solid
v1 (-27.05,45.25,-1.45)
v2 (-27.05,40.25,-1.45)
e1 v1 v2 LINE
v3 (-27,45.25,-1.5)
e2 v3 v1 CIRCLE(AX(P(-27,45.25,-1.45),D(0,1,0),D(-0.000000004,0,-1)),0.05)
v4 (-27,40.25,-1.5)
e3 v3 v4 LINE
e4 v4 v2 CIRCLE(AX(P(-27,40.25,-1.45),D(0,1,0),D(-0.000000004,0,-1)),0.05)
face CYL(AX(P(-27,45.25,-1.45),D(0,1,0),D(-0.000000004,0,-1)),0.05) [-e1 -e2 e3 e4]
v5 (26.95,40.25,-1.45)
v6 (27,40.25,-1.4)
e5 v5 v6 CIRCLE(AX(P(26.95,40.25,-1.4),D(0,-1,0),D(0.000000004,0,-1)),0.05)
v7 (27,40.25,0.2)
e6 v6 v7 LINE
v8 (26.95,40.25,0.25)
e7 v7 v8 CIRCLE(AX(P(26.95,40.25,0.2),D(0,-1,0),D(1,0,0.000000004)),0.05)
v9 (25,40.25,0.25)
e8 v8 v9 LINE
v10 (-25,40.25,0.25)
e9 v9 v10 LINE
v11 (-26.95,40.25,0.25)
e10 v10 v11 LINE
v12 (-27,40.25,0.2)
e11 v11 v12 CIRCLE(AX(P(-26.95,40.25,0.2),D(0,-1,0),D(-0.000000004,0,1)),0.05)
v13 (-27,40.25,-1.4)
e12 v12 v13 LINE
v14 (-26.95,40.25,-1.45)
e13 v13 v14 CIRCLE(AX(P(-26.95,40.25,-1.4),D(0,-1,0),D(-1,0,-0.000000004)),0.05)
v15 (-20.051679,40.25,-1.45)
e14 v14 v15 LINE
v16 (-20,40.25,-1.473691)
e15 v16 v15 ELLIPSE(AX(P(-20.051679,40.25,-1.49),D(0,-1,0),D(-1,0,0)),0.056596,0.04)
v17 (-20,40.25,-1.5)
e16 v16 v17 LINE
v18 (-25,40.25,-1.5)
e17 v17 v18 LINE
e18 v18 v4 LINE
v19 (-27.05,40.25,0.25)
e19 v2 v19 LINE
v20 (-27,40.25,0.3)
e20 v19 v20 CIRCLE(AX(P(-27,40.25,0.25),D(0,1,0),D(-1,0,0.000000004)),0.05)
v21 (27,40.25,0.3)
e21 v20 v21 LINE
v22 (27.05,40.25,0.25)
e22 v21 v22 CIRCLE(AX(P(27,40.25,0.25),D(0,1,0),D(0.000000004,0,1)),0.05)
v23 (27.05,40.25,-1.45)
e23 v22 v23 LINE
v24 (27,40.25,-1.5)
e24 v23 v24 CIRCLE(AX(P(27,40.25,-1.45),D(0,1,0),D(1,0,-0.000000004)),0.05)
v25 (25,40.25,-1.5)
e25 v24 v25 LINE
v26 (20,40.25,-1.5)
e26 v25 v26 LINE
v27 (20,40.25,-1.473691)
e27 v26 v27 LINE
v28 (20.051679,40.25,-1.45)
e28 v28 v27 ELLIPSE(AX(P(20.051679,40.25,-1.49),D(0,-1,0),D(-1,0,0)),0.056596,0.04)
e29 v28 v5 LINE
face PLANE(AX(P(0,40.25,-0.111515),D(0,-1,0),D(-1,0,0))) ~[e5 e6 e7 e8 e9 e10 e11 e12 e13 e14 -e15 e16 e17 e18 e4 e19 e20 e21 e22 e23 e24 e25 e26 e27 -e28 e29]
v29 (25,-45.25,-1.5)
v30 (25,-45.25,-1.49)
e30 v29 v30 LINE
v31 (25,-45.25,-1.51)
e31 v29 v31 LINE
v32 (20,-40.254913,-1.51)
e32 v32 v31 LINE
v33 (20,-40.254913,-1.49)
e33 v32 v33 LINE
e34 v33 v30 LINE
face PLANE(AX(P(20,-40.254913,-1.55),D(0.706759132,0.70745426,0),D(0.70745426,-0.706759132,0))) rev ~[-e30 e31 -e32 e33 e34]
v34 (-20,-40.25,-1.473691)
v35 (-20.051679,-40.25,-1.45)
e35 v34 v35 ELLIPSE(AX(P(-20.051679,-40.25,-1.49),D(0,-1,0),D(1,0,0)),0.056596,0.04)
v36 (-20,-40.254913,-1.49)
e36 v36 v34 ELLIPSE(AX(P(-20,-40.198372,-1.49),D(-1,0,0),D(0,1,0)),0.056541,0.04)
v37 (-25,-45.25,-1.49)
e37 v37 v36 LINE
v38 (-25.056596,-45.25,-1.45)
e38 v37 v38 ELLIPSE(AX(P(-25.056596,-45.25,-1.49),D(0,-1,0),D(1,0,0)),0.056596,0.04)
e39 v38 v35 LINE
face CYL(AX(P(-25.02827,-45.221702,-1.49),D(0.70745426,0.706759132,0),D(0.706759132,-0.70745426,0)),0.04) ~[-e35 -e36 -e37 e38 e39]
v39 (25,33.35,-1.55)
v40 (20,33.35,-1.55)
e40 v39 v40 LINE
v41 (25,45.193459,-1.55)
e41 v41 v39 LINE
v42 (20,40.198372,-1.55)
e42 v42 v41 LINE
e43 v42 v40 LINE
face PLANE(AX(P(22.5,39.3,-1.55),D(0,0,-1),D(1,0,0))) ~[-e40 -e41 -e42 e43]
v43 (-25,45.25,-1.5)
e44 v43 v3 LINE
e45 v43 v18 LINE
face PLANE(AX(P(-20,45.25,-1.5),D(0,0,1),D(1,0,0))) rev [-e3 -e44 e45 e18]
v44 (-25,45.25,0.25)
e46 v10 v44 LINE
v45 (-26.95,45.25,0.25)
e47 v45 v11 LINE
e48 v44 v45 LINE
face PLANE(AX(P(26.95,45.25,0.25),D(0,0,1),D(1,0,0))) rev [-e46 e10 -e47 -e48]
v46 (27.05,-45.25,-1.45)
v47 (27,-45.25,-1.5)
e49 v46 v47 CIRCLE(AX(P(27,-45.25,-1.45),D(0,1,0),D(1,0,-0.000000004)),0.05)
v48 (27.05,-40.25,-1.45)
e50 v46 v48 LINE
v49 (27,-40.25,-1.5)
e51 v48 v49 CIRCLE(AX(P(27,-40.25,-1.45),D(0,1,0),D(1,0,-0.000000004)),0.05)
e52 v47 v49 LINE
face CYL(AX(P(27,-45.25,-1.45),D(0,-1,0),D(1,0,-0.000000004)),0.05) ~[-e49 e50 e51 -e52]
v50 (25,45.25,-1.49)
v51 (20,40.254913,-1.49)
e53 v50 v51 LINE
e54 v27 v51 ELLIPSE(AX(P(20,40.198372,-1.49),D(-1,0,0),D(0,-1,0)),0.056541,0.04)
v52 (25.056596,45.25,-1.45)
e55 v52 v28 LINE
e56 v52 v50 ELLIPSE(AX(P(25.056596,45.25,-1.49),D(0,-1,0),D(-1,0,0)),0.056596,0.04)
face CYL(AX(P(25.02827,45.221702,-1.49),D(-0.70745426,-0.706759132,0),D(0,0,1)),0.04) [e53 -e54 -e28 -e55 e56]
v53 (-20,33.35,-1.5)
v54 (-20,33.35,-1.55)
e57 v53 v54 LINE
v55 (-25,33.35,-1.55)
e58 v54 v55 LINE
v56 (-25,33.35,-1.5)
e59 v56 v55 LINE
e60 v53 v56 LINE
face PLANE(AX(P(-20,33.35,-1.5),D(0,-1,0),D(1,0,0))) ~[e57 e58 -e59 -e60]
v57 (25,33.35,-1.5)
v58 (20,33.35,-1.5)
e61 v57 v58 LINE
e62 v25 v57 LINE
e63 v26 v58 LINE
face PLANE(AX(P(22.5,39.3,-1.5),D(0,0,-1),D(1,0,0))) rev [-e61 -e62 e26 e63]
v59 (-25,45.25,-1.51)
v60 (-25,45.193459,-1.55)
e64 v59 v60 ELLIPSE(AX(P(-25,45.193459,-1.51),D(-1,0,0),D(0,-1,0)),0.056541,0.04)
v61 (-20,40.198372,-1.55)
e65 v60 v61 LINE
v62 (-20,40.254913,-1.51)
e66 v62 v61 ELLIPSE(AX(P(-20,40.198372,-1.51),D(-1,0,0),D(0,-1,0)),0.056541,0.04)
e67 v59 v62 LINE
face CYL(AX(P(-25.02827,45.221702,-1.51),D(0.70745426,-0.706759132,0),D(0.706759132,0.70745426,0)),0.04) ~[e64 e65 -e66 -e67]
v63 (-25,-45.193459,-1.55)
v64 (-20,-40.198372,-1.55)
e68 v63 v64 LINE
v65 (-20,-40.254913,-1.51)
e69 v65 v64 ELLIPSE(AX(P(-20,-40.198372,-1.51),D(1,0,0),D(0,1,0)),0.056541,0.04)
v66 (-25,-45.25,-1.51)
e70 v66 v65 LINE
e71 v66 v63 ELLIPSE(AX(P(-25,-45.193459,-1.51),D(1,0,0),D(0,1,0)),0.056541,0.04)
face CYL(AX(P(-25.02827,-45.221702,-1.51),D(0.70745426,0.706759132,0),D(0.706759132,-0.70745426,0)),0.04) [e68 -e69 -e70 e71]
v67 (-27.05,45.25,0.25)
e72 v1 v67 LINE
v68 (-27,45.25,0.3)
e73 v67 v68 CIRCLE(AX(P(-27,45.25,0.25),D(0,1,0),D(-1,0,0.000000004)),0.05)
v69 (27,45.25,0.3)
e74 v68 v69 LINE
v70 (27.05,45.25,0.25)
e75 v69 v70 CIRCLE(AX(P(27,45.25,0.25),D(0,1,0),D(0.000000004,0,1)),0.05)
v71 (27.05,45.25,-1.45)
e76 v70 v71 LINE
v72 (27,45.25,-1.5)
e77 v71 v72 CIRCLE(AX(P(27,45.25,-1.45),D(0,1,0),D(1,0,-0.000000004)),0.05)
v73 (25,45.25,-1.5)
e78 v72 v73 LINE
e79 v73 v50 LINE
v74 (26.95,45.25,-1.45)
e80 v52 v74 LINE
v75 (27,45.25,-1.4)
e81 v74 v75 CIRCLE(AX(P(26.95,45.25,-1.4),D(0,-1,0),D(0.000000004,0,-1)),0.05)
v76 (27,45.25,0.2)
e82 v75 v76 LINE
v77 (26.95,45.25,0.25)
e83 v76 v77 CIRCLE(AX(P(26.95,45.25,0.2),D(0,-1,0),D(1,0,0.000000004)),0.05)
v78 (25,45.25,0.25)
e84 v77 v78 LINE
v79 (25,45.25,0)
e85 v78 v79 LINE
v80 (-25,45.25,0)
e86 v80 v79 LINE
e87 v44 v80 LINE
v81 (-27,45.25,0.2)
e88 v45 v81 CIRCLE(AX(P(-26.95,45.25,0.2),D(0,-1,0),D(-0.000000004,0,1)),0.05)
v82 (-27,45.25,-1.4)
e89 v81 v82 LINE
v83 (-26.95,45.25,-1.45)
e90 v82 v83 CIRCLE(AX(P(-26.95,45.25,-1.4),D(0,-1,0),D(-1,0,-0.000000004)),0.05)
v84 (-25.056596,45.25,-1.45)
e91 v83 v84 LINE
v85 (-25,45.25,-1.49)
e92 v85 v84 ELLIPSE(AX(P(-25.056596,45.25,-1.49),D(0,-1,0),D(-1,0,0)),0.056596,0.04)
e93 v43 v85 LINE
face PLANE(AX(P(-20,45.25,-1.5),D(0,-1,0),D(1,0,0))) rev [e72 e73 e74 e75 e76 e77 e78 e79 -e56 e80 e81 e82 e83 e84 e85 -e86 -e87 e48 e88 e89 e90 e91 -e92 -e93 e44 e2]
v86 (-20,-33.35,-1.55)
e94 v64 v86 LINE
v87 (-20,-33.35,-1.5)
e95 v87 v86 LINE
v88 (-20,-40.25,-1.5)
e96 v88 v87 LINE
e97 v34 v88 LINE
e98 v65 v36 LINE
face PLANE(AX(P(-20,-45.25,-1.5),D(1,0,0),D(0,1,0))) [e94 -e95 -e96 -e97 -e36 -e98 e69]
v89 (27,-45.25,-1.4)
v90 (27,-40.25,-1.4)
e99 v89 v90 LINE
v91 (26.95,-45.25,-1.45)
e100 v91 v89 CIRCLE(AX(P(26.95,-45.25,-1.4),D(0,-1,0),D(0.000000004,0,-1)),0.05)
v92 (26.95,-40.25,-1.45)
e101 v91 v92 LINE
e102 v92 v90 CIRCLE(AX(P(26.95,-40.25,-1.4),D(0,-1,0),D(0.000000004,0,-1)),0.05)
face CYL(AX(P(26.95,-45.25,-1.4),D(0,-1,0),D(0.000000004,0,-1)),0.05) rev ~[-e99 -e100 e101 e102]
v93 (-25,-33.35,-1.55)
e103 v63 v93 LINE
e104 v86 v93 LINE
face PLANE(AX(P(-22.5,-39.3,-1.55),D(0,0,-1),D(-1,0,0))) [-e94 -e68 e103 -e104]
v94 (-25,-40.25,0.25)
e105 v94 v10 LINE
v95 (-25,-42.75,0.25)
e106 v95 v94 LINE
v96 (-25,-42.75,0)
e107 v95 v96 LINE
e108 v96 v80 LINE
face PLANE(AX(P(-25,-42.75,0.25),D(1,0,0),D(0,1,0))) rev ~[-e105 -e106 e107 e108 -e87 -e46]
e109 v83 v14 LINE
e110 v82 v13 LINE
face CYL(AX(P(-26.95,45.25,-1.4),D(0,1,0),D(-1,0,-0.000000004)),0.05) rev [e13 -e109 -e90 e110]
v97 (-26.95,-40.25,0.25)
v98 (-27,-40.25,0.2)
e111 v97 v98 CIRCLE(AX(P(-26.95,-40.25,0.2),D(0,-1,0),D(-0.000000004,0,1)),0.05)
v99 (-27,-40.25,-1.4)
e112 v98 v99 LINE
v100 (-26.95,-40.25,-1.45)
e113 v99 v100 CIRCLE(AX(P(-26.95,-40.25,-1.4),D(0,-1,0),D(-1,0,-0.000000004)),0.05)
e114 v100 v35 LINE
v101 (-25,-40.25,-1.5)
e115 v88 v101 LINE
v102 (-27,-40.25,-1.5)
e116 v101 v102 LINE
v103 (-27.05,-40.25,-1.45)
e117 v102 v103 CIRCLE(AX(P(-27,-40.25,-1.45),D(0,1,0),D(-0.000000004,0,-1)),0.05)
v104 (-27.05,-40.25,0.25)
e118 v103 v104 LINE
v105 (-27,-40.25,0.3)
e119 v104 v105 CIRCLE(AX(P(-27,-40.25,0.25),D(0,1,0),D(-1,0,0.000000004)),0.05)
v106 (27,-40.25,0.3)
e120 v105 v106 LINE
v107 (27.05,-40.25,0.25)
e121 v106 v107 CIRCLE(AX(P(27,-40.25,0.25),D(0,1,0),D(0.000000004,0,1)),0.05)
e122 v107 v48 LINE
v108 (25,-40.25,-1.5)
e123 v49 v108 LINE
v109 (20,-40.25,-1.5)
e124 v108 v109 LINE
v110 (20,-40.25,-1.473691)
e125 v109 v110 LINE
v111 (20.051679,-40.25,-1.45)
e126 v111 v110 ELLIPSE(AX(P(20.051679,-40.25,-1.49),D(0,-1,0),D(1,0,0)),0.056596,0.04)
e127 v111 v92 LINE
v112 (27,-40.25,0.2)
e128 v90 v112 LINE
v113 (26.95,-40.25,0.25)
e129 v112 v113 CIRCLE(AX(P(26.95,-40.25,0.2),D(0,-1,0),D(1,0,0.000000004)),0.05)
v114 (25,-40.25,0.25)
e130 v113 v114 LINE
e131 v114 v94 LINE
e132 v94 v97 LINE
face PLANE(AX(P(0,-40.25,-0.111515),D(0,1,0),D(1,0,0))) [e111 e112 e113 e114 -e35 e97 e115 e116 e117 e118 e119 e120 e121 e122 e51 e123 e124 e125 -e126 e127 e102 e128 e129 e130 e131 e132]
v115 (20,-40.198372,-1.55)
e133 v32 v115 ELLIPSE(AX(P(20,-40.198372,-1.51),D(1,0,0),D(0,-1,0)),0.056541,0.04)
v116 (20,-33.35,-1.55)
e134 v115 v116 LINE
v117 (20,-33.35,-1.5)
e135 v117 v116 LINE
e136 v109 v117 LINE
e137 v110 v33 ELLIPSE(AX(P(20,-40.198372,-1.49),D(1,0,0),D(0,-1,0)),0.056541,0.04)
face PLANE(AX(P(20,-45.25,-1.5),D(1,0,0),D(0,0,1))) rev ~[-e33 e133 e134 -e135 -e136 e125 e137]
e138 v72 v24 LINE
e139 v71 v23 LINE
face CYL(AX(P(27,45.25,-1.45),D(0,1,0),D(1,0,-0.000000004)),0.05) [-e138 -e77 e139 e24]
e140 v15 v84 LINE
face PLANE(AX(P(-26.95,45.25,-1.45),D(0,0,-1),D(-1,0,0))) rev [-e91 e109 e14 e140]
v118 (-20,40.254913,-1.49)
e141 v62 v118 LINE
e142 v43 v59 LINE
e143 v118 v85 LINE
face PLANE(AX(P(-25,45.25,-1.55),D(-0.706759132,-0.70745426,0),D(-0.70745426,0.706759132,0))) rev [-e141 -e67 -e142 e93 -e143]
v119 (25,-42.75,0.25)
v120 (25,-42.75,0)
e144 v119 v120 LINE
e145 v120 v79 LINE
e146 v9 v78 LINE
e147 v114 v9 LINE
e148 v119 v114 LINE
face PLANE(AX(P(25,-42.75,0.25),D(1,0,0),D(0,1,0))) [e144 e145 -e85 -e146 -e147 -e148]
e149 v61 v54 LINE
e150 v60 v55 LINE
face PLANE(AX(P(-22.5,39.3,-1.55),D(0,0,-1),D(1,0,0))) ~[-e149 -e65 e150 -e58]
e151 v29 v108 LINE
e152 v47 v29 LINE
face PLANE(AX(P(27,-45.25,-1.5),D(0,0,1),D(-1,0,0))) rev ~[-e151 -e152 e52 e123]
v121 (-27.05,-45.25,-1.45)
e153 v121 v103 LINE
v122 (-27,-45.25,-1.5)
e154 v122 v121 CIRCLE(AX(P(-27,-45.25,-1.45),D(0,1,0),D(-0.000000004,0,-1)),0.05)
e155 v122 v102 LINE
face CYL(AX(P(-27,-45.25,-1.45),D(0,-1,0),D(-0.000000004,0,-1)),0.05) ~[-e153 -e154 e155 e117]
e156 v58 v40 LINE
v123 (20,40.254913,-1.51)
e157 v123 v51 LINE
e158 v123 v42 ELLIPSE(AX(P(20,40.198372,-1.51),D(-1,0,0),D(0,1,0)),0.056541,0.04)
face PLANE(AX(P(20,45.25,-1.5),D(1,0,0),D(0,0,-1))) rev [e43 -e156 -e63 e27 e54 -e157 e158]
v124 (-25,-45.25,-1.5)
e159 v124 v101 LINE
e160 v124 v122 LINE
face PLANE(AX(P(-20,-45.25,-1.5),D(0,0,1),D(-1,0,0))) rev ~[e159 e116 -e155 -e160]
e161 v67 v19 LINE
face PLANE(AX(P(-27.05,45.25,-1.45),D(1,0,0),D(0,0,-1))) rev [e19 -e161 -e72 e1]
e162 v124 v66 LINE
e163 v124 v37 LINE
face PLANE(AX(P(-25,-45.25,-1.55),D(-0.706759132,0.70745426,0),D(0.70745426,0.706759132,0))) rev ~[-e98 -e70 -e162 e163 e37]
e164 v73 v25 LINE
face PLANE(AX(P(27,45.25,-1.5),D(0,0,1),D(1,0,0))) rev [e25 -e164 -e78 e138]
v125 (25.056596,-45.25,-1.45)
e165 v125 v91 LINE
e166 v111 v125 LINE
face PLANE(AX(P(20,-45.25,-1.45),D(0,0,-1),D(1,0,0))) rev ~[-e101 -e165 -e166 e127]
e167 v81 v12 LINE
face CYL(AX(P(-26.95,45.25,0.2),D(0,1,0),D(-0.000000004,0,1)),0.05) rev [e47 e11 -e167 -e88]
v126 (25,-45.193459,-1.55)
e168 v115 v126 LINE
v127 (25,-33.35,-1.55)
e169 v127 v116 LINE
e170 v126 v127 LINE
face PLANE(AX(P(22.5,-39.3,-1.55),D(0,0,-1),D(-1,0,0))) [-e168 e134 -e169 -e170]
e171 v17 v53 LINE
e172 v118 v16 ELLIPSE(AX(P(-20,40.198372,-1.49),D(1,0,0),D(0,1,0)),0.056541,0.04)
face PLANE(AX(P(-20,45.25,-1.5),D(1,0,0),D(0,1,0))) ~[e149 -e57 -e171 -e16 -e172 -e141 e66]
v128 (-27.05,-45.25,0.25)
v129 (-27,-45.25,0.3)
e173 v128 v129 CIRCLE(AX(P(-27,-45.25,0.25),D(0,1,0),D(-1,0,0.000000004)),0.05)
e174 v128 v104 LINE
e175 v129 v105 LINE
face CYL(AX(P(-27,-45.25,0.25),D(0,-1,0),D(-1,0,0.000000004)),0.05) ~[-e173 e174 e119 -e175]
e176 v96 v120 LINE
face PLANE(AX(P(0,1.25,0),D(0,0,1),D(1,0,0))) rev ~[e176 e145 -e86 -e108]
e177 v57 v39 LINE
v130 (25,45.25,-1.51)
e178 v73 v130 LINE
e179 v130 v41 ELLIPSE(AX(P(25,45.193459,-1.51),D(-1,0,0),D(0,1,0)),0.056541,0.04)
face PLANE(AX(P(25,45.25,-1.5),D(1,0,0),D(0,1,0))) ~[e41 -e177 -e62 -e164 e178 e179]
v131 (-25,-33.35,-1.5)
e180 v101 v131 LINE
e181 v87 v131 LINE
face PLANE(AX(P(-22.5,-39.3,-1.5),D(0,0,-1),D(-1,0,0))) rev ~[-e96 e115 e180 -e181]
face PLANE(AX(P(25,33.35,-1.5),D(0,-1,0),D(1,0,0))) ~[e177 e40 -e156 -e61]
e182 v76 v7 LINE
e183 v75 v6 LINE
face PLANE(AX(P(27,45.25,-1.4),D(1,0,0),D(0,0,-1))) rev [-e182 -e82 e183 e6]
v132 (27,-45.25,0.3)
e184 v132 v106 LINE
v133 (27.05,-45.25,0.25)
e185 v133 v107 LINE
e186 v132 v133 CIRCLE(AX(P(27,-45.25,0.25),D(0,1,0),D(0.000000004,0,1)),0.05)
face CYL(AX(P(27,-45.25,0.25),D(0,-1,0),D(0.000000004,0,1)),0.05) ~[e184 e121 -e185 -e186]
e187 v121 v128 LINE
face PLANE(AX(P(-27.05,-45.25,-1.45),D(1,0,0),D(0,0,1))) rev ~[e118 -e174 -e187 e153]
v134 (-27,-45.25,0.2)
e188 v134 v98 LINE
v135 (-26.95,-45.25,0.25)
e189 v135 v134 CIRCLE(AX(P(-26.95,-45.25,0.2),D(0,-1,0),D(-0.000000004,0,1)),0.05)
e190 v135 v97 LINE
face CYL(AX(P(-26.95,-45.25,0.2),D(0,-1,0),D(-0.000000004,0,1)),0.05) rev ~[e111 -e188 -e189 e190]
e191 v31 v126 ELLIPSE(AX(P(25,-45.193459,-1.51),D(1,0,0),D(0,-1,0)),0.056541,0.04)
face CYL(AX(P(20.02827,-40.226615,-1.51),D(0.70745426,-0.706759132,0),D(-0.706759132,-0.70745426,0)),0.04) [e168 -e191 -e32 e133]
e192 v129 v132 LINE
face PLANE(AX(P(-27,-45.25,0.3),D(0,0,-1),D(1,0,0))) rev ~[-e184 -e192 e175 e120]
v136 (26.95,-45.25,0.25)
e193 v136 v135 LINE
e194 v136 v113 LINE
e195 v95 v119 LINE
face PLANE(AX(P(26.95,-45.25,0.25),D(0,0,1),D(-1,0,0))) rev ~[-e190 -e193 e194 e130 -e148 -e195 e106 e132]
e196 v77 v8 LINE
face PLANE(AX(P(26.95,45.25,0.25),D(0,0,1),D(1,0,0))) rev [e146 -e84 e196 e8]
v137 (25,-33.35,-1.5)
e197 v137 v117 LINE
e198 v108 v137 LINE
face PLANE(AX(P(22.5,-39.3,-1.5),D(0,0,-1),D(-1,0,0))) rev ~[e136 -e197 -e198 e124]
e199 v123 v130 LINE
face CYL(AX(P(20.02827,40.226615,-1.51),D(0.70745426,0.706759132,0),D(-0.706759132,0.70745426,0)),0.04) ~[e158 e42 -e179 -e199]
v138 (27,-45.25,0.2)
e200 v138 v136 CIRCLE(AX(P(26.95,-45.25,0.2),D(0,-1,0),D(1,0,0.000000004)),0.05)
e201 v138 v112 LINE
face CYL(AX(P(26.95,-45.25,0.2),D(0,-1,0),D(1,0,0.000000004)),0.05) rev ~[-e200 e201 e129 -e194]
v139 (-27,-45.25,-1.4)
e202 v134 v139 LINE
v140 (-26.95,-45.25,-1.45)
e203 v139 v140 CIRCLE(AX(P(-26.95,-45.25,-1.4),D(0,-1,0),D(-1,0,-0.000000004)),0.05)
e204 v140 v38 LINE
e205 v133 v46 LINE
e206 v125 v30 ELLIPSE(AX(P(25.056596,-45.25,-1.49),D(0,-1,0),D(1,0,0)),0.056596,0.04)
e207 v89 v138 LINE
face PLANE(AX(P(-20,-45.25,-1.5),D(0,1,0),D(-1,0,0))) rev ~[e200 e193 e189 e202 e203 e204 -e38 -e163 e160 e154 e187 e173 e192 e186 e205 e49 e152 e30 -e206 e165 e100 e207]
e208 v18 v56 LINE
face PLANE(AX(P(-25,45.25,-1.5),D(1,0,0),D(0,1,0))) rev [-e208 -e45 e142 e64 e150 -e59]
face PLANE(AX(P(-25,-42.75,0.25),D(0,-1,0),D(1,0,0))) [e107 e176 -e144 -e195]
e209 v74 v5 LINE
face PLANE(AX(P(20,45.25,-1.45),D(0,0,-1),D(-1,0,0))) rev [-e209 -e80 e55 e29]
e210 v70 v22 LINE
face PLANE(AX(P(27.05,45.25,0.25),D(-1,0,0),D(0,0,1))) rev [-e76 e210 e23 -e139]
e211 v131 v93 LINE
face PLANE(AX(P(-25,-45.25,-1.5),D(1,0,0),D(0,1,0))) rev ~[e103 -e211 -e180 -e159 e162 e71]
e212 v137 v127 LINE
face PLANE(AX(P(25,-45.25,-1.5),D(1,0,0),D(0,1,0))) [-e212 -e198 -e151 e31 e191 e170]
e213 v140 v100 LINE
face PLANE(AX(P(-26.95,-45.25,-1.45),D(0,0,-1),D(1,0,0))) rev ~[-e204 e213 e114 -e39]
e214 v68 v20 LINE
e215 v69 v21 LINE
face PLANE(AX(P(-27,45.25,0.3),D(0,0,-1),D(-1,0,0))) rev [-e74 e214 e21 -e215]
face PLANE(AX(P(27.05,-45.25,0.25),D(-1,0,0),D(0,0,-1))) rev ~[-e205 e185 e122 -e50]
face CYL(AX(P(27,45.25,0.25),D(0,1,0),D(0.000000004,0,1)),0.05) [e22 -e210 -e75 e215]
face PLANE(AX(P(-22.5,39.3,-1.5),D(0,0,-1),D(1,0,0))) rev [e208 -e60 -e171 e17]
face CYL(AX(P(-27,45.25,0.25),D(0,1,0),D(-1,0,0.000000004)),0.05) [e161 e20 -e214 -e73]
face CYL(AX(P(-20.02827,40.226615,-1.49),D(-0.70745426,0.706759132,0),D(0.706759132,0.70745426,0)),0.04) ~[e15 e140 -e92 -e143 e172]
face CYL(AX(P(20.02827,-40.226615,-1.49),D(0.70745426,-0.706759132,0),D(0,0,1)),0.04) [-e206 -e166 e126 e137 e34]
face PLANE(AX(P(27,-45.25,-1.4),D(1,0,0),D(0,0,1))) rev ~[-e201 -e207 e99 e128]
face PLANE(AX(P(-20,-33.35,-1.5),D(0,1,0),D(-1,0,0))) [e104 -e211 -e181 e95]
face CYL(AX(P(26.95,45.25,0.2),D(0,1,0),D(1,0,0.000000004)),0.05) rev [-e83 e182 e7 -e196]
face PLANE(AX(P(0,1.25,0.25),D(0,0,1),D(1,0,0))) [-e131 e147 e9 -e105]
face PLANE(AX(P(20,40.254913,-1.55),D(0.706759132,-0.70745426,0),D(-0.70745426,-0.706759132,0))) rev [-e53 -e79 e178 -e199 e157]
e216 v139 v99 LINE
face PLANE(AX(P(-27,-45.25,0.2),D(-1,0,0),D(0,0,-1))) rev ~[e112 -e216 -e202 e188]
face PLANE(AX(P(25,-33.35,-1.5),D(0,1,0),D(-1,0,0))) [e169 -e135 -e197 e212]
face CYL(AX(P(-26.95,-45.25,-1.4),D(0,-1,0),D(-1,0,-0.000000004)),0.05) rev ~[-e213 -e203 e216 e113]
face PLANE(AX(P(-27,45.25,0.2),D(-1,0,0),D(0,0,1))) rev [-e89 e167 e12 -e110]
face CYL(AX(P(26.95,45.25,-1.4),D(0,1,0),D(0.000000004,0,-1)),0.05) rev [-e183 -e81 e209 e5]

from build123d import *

# Parameters (mm, degrees)
SKETCH1_W            = 50
SKETCH1_H            = 88
BOSS_EXTRUDE1_DEPTH  = 0.25
BOSS_EXTRUDE2_DEPTH  = 5
SKETCH5_W            = 5
SKETCH5_H            = 11.9
BOSS_EXTRUDE3_DEPTH  = 0.05
CUT_EXTRUDE1_DEPTH   = 0.2
FILLET1_R            = 0.04
FILLET1_OF_MIRROR1_R = 0.04


with BuildPart() as part:
    # Sketch1 → Boss-Extrude1 (new body)
    with BuildSketch(Plane.XY.offset(0.25)):
        with Locations((0, 1.25)):
            Rectangle(SKETCH1_W, SKETCH1_H)
    extrude(amount=-BOSS_EXTRUDE1_DEPTH)

    # Sketch4 → Boss-Extrude2 (add)
    with BuildSketch(Plane(origin=(0, -45.25, 0), x_dir=(-1, 0, 0), z_dir=(0, -1, 0))):
        with BuildLine():
            Line((-26.95, -0.25), (26.95, -0.25))
            ThreePointArc((26.95, -0.25), (26.985355339, -0.235355339), (27, -0.2))
            Line((27, -0.2), (27, 1.4))
            ThreePointArc((27, 1.4), (26.985355339, 1.435355339), (26.95, 1.45))
            Line((26.95, 1.45), (20, 1.45))
            Line((20, 1.45), (20, 1.5))
            Line((20, 1.5), (27, 1.5))
            ThreePointArc((27, 1.5), (27.035355339, 1.485355339), (27.05, 1.45))
            Line((27.05, 1.45), (27.05, -0.25))
            ThreePointArc((27.05, -0.25), (27.035355339, -0.285355339), (27, -0.3))
            Line((27, -0.3), (-27, -0.3))
            ThreePointArc((-27, -0.3), (-27.035355339, -0.285355339), (-27.05, -0.25))
            Line((-27.05, -0.25), (-27.05, 1.45))
            ThreePointArc((-27.05, 1.45), (-27.035355339, 1.485355339), (-27, 1.5))
            Line((-27, 1.5), (-20, 1.5))
            Line((-20, 1.5), (-20, 1.45))
            Line((-20, 1.45), (-26.95, 1.45))
            ThreePointArc((-26.95, 1.45), (-26.985355339, 1.435355339), (-27, 1.4))
            Line((-27, 1.4), (-27, -0.2))
            ThreePointArc((-27, -0.2), (-26.985355339, -0.235355339), (-26.95, -0.25))
        make_face()
    boss_extrude2 = extrude(amount=-BOSS_EXTRUDE2_DEPTH)

    # Sketch5 → Boss-Extrude3 (add)
    with BuildSketch(Plane(origin=(0, 0, -1.5), x_dir=(-1, 0, 0), z_dir=(0, 0, -1))):
        with Locations((22.5, -39.3)):
            Rectangle(SKETCH5_W, SKETCH5_H)
        with Locations((-22.5, -39.3)):
            Rectangle(SKETCH5_W, SKETCH5_H)
    boss_extrude3 = extrude(amount=BOSS_EXTRUDE3_DEPTH)

    # Sketch6 → Cut-Extrude1 (cut)
    with BuildSketch(Plane(origin=(0, 0, -1.55), x_dir=(-1, 0, 0), z_dir=(0, 0, -1))):
        Polygon((20, -45.25), (25, -45.25), (20, -40.254912883), align=None)
        Polygon((-20, -40.254912883), (-25, -45.25), (-20, -45.25), align=None)
    cut_extrude1 = extrude(amount=-CUT_EXTRUDE1_DEPTH, mode=Mode.SUBTRACT)

    # Fillet1
    fillet1_edges = [part.edges().sort_by_distance(p)[0] for p in [
        (-22.5, -42.752456442, -1.45),
        (-22.5, -42.752456442, -1.55),
        (22.5, -42.752456442, -1.55),
        (22.5, -42.752456442, -1.45),
    ]]
    fillet(fillet1_edges, radius=FILLET1_R)

    # Mirror1: Boss-Extrude2, Boss-Extrude3, Cut-Extrude1 across plane
    add(boss_extrude2.mirror(Plane(origin=(0, 0, 0), x_dir=(0, 0, 1), z_dir=(0, -1, 0))))
    add(boss_extrude3.mirror(Plane(origin=(0, 0, 0), x_dir=(0, 0, 1), z_dir=(0, -1, 0))))
    add(cut_extrude1.mirror(Plane(origin=(0, 0, 0), x_dir=(0, 0, 1), z_dir=(0, -1, 0))), mode=Mode.SUBTRACT)

    # Fillet1 of Mirror1
    fillet1_of_mirror1_edges = [part.edges().sort_by_distance(p)[0] for p in [
        (-22.5, 42.752456442, -1.45),
        (-22.5, 42.752456442, -1.55),
        (22.5, 42.752456442, -1.55),
        (22.5, 42.752456442, -1.45),
    ]]
    fillet(fillet1_of_mirror1_edges, radius=FILLET1_OF_MIRROR1_R)


solid = part.part
